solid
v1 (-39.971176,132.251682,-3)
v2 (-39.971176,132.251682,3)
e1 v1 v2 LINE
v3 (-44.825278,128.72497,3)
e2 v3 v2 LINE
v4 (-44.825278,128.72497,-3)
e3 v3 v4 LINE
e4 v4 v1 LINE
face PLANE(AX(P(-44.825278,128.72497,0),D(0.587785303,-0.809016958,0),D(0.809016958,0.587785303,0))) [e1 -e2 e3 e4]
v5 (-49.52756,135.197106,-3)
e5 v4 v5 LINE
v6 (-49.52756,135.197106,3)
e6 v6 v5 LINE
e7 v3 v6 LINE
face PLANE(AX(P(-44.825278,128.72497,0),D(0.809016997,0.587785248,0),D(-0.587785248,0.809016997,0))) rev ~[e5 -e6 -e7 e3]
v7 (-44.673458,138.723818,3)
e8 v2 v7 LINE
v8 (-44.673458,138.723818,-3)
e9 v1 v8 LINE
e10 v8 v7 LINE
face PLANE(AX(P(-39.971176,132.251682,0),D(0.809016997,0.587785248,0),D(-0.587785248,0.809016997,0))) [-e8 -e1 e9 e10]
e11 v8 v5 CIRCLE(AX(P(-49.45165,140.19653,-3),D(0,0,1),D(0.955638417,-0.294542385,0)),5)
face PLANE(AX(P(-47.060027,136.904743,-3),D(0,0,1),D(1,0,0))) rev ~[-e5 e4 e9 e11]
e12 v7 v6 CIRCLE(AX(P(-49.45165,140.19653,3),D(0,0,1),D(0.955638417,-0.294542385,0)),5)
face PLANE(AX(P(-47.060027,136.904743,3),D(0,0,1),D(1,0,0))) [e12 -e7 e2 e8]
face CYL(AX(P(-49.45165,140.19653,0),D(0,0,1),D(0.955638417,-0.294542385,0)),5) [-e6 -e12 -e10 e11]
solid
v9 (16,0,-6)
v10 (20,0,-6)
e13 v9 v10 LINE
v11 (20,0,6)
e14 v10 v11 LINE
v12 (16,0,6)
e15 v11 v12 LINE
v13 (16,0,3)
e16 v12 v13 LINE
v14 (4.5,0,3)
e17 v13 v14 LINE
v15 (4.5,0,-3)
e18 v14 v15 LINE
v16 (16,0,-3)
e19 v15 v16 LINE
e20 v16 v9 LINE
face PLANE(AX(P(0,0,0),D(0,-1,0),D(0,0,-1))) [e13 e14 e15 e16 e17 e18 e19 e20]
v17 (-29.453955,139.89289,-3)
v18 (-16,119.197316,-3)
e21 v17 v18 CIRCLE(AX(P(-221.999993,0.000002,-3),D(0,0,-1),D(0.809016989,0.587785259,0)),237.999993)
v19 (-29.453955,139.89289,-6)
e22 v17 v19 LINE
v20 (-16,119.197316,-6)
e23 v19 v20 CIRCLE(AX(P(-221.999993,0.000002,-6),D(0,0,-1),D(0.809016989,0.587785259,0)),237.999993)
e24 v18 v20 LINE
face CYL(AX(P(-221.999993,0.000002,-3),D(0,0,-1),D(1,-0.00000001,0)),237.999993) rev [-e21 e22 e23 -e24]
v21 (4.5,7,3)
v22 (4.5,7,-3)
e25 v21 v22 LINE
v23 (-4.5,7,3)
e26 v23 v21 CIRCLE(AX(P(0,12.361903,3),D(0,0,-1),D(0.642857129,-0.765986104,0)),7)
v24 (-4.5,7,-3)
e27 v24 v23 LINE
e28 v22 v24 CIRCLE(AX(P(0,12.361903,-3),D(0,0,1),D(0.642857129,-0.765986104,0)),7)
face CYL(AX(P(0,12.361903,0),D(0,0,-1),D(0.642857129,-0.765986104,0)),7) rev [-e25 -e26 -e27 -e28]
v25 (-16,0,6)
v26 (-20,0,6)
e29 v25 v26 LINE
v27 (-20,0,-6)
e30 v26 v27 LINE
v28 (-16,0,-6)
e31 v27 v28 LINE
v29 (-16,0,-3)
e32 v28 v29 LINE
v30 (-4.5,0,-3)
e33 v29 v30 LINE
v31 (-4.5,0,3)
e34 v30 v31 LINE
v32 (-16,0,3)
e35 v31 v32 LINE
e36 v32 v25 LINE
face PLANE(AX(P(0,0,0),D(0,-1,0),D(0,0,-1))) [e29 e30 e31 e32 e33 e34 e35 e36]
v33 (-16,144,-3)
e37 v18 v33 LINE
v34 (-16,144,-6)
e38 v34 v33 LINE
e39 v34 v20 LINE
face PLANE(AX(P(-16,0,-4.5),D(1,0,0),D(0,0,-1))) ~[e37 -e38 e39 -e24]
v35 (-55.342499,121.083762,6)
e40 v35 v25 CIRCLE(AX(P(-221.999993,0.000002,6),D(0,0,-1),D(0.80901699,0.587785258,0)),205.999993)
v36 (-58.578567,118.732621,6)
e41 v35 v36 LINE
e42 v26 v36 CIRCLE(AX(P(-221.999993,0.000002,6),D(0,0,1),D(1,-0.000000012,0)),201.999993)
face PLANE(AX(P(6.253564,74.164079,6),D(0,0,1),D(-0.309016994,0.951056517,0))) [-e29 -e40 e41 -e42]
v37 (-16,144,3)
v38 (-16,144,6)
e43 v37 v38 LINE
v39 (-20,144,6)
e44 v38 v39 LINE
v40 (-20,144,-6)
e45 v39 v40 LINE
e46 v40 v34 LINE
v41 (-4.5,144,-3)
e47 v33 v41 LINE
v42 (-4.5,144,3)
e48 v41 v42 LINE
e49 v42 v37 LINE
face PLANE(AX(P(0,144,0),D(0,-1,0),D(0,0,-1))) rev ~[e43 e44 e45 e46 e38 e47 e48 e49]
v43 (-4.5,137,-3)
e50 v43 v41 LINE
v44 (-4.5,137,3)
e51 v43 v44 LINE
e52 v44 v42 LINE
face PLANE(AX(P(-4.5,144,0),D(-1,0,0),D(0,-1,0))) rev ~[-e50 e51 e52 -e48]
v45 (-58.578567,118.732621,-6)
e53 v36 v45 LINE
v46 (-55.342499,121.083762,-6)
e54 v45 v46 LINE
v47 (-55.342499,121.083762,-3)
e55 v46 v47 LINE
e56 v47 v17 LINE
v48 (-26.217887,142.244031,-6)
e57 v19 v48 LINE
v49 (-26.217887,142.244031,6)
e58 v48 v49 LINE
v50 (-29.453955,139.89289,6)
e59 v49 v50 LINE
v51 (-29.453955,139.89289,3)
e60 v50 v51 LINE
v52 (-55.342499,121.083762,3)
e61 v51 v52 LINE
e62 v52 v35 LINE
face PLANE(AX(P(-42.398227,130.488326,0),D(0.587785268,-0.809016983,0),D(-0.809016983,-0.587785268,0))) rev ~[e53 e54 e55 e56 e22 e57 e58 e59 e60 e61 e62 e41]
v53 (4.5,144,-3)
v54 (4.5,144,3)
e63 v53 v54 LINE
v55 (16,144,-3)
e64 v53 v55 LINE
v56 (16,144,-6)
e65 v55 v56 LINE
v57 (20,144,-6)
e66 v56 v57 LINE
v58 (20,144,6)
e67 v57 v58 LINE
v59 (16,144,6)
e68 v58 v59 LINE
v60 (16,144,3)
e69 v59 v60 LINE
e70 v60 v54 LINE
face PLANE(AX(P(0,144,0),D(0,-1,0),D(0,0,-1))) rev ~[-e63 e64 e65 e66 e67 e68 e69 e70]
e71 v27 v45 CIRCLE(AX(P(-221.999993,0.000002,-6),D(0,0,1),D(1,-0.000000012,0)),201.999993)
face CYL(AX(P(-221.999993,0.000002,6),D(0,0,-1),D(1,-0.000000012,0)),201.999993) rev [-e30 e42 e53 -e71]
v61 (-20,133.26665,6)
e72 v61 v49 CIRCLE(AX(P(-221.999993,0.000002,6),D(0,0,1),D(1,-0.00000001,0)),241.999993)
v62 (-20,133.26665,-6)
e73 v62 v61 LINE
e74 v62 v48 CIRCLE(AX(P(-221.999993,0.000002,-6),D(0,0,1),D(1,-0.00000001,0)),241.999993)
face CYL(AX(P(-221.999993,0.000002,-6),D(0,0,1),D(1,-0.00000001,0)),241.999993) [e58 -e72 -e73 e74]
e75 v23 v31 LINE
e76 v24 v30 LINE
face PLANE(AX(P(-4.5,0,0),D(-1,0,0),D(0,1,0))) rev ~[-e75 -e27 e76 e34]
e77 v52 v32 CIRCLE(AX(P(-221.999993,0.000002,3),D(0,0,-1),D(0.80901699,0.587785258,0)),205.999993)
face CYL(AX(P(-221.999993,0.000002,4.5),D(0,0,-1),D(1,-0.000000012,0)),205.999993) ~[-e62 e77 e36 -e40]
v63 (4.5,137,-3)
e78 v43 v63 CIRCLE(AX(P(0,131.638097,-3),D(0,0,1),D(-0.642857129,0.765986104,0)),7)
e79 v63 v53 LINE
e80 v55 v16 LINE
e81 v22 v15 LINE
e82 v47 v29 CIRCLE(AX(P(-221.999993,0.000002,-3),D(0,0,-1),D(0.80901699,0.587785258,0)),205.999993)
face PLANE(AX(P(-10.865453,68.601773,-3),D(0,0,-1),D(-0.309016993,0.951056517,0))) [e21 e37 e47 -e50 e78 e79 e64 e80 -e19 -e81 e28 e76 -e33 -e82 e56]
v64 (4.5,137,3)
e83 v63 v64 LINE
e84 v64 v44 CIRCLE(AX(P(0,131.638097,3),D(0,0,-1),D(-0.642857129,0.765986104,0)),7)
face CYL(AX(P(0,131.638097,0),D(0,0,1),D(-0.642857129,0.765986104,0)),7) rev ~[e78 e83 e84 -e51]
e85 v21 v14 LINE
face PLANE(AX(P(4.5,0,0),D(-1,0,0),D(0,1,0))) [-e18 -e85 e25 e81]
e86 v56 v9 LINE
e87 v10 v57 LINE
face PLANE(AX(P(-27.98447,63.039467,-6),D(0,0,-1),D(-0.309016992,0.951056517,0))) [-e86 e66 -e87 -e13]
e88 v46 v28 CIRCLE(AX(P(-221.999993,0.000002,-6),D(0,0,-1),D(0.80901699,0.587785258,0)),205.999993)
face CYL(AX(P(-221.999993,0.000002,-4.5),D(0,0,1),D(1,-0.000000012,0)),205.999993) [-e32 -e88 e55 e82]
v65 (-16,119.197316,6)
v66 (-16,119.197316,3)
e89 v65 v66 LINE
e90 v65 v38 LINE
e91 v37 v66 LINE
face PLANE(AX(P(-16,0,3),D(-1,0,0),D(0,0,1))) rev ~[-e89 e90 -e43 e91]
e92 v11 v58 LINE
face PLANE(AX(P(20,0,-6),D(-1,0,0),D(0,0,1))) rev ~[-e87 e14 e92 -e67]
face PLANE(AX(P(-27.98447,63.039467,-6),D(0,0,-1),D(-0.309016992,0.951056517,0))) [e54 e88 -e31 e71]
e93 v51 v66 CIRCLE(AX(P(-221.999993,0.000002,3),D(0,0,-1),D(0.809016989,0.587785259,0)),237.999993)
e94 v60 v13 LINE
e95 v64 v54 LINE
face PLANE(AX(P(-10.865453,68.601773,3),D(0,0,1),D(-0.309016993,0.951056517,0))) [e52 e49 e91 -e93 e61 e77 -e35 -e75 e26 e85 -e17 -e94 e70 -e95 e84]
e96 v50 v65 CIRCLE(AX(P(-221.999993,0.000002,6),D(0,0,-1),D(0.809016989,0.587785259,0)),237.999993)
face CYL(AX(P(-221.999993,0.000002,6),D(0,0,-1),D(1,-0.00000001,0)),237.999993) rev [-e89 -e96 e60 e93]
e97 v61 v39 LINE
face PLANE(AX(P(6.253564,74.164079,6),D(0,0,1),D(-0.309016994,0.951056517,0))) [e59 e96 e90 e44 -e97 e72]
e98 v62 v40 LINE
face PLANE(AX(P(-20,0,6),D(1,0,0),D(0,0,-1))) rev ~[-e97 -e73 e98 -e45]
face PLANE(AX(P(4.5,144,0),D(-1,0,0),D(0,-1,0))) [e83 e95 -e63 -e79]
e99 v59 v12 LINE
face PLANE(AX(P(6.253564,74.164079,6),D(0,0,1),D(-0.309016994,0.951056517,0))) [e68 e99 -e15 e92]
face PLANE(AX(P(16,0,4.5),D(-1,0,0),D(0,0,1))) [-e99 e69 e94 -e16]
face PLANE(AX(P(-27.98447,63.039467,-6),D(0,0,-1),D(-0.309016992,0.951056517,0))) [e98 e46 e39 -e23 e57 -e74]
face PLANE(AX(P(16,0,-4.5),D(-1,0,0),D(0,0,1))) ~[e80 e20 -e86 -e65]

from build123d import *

# Parameters (mm, degrees)
SKETCH013_W          = 32
SKETCH013_H          = 3
POCKET_DEPTH         = 6.001
POCKET_DEPTH_BACK    = -6.001
POCKET001_DEPTH      = 6.001
POCKET001_DEPTH_BACK = -6.001
PAD002_DEPTH         = 3


with BuildPart() as body:
    # AdditivePipe: sweep along a path in Sketch002
    with BuildLine(Plane.XY) as additivepipe_path:
        ThreePointArc((0, 0), (-10.865453, 68.601773), (-42.398227, 130.488326))
    # Sketch → AdditivePipe (sweep)
    with BuildSketch(Plane.XZ):
        Polygon((-20, 6), (-20, -6), (-16, -6), (-16, -3), (-9, -3), (9, -3), (16, -3), (16, -6), (20, -6), (20, 6), (16, 6), (16, 3), (9, 3), (-9, 3), (-16, 3), (-16, 6), align=None)
    sweep(path=additivepipe_path.line)

    # AdditivePipe001: sweep along a path in Sketch001
    with BuildLine(Plane.XY) as additivepipe001_path:
        Line((0, 0), (0, 144))
    # Sketch → AdditivePipe001 (sweep)
    with BuildSketch(Plane.XZ):
        Polygon((-20, 6), (-20, -6), (-16, -6), (-16, -3), (-9, -3), (9, -3), (16, -3), (16, -6), (20, -6), (20, 6), (16, 6), (16, 3), (9, 3), (-9, 3), (-16, 3), (-16, 6), align=None)
    sweep(path=additivepipe001_path.line)

    # SubtractivePipe: sweep along a path in Sketch002
    with BuildLine(Plane.XY) as subtractivepipe_path:
        ThreePointArc((0, 0), (-10.865453, 68.601773), (-42.398227, 130.488326))
    # Sketch013 (on Face1 of AdditivePipe001) → SubtractivePipe (sweep, cut)
    with BuildSketch(Plane.XZ):
        with Locations((0, 4.5)):
            Rectangle(SKETCH013_W, SKETCH013_H)
    subtractivepipe = sweep(path=subtractivepipe_path.line, mode=Mode.SUBTRACT)

    # SubtractivePipe001: sweep along a path in Sketch001
    with BuildLine(Plane.XY) as subtractivepipe001_path:
        Line((0, 0), (0, 144))
    # Sketch013 (on Face1 of AdditivePipe001) → SubtractivePipe001 (sweep, cut)
    with BuildSketch(Plane.XZ):
        with Locations((0, 4.5)):
            Rectangle(SKETCH013_W, SKETCH013_H)
    subtractivepipe001 = sweep(path=subtractivepipe001_path.line, mode=Mode.SUBTRACT)

    # Mirrored: SubtractivePipe across XY
    add(subtractivepipe.mirror(Plane.XY), mode=Mode.SUBTRACT)

    # Mirrored001: SubtractivePipe001 across XY
    add(subtractivepipe001.mirror(Plane.XY), mode=Mode.SUBTRACT)

    # Sketch014 → Pocket (cut, two sides)
    with BuildSketch(Plane.XY) as pocket_sk:
        with BuildLine():
            Line((-4.5, 0), (4.5, 0))
            Line((4.5, 0), (4.5, 7))
            ThreePointArc((4.5, 7), (0, 19.361903), (-4.5, 7))
            Line((-4.5, 0), (-4.5, 7))
        make_face()
    extrude(amount=-POCKET_DEPTH, mode=Mode.SUBTRACT)
    extrude(pocket_sk.sketch, amount=-POCKET_DEPTH_BACK, mode=Mode.SUBTRACT)

    # Sketch016 → Pocket001 (cut, two sides)
    with BuildSketch(Plane.XY) as pocket001_sk:
        with BuildLine():
            Line((-4.5, 144), (4.5, 144))
            Line((4.5, 144), (4.5, 137))
            ThreePointArc((-4.5, 137), (0, 124.638097), (4.5, 137))
            Line((-4.5, 144), (-4.5, 137))
        make_face()
    extrude(amount=-POCKET001_DEPTH, mode=Mode.SUBTRACT)
    extrude(pocket001_sk.sketch, amount=-POCKET001_DEPTH_BACK, mode=Mode.SUBTRACT)


with BuildPart() as body003:
    # Sketch012 → Pad002 (new body, symmetric)
    with BuildSketch(Plane.XY):
        with BuildLine():
            Line((-44.825278, 128.72497), (-39.971176, 132.251682))
            Line((-39.971176, 132.251682), (-44.673458, 138.723818))
            ThreePointArc((-44.673458, 138.723818), (-52.390577, 144.241615), (-49.52756, 135.197106))
            Line((-44.825278, 128.72497), (-49.52756, 135.197106))
        make_face()
    extrude(amount=PAD002_DEPTH, both=True)


solid = Compound([body.part, body003.part])
